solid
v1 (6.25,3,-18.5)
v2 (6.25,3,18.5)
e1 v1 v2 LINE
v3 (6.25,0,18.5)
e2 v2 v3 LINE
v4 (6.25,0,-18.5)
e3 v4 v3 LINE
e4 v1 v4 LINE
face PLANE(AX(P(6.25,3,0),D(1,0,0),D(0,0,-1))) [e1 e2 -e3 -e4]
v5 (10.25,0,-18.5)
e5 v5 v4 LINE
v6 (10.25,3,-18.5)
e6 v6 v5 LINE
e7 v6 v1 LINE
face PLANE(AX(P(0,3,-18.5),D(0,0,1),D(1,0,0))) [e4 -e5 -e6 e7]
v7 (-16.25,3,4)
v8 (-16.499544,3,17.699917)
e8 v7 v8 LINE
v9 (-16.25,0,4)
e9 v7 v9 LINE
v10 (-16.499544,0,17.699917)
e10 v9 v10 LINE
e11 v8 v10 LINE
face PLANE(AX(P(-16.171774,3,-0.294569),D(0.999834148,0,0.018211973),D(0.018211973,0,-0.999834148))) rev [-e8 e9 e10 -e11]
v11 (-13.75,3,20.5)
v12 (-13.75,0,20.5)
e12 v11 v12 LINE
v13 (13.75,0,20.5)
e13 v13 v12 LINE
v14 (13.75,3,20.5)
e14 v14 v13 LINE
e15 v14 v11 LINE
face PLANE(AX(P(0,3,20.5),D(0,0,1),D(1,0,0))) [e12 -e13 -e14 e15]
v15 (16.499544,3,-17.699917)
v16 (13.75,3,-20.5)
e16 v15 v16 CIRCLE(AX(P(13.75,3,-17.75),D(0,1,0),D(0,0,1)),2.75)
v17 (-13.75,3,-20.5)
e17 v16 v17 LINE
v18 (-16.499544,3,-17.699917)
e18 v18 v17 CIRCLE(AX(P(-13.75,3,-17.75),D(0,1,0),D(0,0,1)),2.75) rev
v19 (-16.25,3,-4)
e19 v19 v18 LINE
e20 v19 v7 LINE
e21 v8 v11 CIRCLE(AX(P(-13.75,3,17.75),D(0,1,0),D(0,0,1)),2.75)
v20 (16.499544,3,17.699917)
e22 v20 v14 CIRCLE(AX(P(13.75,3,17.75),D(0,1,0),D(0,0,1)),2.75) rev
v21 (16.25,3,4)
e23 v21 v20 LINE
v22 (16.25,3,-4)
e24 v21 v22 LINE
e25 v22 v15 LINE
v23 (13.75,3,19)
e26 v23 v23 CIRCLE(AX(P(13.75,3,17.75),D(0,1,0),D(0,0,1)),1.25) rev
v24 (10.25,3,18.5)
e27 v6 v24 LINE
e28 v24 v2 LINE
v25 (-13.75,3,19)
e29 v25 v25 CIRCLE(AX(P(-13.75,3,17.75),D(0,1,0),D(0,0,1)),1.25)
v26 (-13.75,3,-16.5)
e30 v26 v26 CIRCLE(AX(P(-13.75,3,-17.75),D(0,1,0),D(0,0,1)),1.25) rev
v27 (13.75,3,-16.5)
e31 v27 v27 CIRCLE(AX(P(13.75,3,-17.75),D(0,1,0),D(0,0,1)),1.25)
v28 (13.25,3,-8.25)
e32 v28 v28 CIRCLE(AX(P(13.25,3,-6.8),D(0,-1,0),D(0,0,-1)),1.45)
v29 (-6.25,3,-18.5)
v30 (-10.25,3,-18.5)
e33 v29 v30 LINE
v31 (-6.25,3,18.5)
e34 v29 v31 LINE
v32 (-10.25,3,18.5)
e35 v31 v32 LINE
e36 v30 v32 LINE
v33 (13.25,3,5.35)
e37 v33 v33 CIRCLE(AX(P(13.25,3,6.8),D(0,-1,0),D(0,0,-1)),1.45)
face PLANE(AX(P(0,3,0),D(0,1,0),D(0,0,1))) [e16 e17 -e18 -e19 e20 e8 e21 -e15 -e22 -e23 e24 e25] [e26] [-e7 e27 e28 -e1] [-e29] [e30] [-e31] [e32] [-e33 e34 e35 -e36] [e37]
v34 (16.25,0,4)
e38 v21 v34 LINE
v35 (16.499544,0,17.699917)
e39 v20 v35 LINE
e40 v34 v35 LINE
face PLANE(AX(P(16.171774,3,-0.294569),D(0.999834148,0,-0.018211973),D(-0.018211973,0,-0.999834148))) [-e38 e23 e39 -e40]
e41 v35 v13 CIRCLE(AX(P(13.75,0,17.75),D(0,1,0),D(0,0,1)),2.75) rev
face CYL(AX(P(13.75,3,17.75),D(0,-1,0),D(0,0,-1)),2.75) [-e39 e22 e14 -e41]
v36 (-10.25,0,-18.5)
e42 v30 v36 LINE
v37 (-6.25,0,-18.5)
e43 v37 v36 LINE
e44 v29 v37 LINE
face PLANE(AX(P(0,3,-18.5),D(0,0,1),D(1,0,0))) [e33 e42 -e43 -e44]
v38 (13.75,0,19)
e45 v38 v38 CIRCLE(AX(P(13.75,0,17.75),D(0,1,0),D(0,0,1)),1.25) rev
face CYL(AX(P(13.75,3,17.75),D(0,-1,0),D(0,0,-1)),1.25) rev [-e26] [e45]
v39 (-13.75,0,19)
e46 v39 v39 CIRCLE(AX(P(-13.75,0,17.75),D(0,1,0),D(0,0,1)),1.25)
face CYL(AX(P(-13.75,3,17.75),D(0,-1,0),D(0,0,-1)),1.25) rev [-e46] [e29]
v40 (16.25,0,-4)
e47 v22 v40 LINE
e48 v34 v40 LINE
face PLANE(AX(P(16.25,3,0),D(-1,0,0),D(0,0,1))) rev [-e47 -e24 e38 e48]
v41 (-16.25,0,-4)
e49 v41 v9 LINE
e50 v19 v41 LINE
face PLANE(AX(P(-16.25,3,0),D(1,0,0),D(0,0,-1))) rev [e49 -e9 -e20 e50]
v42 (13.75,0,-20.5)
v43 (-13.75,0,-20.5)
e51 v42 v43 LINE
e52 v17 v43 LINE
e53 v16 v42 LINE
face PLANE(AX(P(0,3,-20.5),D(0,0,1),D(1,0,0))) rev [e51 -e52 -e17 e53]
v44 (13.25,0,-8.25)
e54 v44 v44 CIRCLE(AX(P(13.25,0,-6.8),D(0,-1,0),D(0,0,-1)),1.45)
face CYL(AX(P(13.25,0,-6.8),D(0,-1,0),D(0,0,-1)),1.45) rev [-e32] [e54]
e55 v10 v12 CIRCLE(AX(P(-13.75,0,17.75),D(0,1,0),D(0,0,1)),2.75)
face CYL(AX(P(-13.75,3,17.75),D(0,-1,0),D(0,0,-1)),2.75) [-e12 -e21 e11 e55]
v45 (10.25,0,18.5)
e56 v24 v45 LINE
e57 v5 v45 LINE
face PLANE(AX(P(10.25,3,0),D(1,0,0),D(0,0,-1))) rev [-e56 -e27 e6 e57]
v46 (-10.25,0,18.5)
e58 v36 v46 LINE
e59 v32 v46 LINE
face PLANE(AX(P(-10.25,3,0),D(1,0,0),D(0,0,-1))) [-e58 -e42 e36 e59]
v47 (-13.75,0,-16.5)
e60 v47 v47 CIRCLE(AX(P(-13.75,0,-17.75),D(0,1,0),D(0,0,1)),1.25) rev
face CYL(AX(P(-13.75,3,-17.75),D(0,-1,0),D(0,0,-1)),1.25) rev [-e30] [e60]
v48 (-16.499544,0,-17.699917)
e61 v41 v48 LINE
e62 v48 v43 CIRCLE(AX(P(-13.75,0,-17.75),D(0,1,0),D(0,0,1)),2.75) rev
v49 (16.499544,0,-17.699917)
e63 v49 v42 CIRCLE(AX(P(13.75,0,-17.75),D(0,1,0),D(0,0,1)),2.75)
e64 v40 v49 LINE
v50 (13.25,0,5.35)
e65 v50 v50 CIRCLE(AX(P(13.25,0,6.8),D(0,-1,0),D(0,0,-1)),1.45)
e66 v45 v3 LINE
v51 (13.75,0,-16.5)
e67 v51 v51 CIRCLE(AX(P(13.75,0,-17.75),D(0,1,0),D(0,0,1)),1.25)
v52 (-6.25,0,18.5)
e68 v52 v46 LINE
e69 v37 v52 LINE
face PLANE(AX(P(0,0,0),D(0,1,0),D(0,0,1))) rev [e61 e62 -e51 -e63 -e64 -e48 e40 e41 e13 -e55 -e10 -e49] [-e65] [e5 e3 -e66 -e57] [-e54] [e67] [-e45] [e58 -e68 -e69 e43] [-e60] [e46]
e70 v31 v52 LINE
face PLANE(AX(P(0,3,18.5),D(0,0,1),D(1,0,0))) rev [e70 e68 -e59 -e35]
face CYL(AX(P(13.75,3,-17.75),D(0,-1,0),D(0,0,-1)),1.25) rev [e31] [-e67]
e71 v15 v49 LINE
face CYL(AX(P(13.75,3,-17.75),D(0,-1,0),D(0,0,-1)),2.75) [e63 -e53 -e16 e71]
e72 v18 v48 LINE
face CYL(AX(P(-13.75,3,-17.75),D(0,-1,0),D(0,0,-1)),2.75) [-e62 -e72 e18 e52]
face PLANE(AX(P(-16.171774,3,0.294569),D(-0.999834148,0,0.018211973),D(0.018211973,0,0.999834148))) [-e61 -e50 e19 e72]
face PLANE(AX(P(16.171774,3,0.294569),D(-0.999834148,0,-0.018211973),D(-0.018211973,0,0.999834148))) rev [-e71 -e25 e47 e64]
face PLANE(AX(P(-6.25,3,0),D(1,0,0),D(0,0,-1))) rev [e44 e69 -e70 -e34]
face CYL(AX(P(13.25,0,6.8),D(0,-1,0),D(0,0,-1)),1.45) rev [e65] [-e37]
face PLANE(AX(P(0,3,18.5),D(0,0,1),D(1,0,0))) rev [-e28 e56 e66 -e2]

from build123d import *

# Parameters (mm, degrees)
SKETCH1_R              = 1.25
SKETCH1_W              = 12.5
SKETCH1_H              = 37
BOSS_EXTRUDE1_DEPTH    = 3
M2_5_CLEARANCE_HOLE1_D = 2.9


with BuildPart() as part:
    # Sketch1 → Boss-Extrude1 (new body)
    with BuildSketch(Plane(origin=(0, 0, 0), x_dir=(1, 0, 0), z_dir=(0, 1, 0))):
        with BuildLine():
            Line((-16.25, -4), (-16.499543908, -17.699917074))
            ThreePointArc((-16.499543908, -17.699917074), (-15.712170743, -19.676755298), (-13.75, -20.5))
            Line((-13.75, -20.5), (13.75, -20.5))
            ThreePointArc((13.75, -20.5), (15.712170743, -19.676755298), (16.499543908, -17.699917074))
            Line((16.499543908, -17.699917074), (16.25, -4))
            Line((16.25, -4), (16.25, 0))
            Line((16.25, 0), (16.25, 4))
            Line((16.25, 4), (16.499543908, 17.699917074))
            ThreePointArc((16.499543908, 17.699917074), (15.712170743, 19.676755298), (13.75, 20.5))
            Line((13.75, 20.5), (-13.75, 20.5))
            ThreePointArc((-13.75, 20.5), (-15.712170743, 19.676755298), (-16.499543908, 17.699917074))
            Line((-16.499543908, 17.699917074), (-16.25, 4))
            Line((-16.25, 4), (-16.25, 0))
            Line((-16.25, 0), (-16.25, -4))
        make_face()
        with Locations((-13.75, -17.75)):
            Circle(SKETCH1_R, mode=Mode.SUBTRACT)
        with Locations((-13.75, 17.75)):
            Circle(SKETCH1_R, mode=Mode.SUBTRACT)
        with Locations((13.75, 17.75)):
            Circle(SKETCH1_R, mode=Mode.SUBTRACT)
        with Locations((13.75, -17.75)):
            Circle(SKETCH1_R, mode=Mode.SUBTRACT)
        Polygon((-6.25, 18.5), (-10.25, 18.5), (-10.25, -18.5), (-6.25, -18.5), (6.25, -18.5), (10.25, -18.5), (10.25, 18.5), (6.25, 18.5), align=None, mode=Mode.SUBTRACT)
        Rectangle(SKETCH1_W, SKETCH1_H)
    extrude(amount=BOSS_EXTRUDE1_DEPTH)

    # M2.5 Clearance Hole1 (through all)
    with Locations(Plane.XZ):
        with Locations((13.25, -6.8), (13.25, 6.8)):
            Hole(M2_5_CLEARANCE_HOLE1_D / 2)


solid = part.part
